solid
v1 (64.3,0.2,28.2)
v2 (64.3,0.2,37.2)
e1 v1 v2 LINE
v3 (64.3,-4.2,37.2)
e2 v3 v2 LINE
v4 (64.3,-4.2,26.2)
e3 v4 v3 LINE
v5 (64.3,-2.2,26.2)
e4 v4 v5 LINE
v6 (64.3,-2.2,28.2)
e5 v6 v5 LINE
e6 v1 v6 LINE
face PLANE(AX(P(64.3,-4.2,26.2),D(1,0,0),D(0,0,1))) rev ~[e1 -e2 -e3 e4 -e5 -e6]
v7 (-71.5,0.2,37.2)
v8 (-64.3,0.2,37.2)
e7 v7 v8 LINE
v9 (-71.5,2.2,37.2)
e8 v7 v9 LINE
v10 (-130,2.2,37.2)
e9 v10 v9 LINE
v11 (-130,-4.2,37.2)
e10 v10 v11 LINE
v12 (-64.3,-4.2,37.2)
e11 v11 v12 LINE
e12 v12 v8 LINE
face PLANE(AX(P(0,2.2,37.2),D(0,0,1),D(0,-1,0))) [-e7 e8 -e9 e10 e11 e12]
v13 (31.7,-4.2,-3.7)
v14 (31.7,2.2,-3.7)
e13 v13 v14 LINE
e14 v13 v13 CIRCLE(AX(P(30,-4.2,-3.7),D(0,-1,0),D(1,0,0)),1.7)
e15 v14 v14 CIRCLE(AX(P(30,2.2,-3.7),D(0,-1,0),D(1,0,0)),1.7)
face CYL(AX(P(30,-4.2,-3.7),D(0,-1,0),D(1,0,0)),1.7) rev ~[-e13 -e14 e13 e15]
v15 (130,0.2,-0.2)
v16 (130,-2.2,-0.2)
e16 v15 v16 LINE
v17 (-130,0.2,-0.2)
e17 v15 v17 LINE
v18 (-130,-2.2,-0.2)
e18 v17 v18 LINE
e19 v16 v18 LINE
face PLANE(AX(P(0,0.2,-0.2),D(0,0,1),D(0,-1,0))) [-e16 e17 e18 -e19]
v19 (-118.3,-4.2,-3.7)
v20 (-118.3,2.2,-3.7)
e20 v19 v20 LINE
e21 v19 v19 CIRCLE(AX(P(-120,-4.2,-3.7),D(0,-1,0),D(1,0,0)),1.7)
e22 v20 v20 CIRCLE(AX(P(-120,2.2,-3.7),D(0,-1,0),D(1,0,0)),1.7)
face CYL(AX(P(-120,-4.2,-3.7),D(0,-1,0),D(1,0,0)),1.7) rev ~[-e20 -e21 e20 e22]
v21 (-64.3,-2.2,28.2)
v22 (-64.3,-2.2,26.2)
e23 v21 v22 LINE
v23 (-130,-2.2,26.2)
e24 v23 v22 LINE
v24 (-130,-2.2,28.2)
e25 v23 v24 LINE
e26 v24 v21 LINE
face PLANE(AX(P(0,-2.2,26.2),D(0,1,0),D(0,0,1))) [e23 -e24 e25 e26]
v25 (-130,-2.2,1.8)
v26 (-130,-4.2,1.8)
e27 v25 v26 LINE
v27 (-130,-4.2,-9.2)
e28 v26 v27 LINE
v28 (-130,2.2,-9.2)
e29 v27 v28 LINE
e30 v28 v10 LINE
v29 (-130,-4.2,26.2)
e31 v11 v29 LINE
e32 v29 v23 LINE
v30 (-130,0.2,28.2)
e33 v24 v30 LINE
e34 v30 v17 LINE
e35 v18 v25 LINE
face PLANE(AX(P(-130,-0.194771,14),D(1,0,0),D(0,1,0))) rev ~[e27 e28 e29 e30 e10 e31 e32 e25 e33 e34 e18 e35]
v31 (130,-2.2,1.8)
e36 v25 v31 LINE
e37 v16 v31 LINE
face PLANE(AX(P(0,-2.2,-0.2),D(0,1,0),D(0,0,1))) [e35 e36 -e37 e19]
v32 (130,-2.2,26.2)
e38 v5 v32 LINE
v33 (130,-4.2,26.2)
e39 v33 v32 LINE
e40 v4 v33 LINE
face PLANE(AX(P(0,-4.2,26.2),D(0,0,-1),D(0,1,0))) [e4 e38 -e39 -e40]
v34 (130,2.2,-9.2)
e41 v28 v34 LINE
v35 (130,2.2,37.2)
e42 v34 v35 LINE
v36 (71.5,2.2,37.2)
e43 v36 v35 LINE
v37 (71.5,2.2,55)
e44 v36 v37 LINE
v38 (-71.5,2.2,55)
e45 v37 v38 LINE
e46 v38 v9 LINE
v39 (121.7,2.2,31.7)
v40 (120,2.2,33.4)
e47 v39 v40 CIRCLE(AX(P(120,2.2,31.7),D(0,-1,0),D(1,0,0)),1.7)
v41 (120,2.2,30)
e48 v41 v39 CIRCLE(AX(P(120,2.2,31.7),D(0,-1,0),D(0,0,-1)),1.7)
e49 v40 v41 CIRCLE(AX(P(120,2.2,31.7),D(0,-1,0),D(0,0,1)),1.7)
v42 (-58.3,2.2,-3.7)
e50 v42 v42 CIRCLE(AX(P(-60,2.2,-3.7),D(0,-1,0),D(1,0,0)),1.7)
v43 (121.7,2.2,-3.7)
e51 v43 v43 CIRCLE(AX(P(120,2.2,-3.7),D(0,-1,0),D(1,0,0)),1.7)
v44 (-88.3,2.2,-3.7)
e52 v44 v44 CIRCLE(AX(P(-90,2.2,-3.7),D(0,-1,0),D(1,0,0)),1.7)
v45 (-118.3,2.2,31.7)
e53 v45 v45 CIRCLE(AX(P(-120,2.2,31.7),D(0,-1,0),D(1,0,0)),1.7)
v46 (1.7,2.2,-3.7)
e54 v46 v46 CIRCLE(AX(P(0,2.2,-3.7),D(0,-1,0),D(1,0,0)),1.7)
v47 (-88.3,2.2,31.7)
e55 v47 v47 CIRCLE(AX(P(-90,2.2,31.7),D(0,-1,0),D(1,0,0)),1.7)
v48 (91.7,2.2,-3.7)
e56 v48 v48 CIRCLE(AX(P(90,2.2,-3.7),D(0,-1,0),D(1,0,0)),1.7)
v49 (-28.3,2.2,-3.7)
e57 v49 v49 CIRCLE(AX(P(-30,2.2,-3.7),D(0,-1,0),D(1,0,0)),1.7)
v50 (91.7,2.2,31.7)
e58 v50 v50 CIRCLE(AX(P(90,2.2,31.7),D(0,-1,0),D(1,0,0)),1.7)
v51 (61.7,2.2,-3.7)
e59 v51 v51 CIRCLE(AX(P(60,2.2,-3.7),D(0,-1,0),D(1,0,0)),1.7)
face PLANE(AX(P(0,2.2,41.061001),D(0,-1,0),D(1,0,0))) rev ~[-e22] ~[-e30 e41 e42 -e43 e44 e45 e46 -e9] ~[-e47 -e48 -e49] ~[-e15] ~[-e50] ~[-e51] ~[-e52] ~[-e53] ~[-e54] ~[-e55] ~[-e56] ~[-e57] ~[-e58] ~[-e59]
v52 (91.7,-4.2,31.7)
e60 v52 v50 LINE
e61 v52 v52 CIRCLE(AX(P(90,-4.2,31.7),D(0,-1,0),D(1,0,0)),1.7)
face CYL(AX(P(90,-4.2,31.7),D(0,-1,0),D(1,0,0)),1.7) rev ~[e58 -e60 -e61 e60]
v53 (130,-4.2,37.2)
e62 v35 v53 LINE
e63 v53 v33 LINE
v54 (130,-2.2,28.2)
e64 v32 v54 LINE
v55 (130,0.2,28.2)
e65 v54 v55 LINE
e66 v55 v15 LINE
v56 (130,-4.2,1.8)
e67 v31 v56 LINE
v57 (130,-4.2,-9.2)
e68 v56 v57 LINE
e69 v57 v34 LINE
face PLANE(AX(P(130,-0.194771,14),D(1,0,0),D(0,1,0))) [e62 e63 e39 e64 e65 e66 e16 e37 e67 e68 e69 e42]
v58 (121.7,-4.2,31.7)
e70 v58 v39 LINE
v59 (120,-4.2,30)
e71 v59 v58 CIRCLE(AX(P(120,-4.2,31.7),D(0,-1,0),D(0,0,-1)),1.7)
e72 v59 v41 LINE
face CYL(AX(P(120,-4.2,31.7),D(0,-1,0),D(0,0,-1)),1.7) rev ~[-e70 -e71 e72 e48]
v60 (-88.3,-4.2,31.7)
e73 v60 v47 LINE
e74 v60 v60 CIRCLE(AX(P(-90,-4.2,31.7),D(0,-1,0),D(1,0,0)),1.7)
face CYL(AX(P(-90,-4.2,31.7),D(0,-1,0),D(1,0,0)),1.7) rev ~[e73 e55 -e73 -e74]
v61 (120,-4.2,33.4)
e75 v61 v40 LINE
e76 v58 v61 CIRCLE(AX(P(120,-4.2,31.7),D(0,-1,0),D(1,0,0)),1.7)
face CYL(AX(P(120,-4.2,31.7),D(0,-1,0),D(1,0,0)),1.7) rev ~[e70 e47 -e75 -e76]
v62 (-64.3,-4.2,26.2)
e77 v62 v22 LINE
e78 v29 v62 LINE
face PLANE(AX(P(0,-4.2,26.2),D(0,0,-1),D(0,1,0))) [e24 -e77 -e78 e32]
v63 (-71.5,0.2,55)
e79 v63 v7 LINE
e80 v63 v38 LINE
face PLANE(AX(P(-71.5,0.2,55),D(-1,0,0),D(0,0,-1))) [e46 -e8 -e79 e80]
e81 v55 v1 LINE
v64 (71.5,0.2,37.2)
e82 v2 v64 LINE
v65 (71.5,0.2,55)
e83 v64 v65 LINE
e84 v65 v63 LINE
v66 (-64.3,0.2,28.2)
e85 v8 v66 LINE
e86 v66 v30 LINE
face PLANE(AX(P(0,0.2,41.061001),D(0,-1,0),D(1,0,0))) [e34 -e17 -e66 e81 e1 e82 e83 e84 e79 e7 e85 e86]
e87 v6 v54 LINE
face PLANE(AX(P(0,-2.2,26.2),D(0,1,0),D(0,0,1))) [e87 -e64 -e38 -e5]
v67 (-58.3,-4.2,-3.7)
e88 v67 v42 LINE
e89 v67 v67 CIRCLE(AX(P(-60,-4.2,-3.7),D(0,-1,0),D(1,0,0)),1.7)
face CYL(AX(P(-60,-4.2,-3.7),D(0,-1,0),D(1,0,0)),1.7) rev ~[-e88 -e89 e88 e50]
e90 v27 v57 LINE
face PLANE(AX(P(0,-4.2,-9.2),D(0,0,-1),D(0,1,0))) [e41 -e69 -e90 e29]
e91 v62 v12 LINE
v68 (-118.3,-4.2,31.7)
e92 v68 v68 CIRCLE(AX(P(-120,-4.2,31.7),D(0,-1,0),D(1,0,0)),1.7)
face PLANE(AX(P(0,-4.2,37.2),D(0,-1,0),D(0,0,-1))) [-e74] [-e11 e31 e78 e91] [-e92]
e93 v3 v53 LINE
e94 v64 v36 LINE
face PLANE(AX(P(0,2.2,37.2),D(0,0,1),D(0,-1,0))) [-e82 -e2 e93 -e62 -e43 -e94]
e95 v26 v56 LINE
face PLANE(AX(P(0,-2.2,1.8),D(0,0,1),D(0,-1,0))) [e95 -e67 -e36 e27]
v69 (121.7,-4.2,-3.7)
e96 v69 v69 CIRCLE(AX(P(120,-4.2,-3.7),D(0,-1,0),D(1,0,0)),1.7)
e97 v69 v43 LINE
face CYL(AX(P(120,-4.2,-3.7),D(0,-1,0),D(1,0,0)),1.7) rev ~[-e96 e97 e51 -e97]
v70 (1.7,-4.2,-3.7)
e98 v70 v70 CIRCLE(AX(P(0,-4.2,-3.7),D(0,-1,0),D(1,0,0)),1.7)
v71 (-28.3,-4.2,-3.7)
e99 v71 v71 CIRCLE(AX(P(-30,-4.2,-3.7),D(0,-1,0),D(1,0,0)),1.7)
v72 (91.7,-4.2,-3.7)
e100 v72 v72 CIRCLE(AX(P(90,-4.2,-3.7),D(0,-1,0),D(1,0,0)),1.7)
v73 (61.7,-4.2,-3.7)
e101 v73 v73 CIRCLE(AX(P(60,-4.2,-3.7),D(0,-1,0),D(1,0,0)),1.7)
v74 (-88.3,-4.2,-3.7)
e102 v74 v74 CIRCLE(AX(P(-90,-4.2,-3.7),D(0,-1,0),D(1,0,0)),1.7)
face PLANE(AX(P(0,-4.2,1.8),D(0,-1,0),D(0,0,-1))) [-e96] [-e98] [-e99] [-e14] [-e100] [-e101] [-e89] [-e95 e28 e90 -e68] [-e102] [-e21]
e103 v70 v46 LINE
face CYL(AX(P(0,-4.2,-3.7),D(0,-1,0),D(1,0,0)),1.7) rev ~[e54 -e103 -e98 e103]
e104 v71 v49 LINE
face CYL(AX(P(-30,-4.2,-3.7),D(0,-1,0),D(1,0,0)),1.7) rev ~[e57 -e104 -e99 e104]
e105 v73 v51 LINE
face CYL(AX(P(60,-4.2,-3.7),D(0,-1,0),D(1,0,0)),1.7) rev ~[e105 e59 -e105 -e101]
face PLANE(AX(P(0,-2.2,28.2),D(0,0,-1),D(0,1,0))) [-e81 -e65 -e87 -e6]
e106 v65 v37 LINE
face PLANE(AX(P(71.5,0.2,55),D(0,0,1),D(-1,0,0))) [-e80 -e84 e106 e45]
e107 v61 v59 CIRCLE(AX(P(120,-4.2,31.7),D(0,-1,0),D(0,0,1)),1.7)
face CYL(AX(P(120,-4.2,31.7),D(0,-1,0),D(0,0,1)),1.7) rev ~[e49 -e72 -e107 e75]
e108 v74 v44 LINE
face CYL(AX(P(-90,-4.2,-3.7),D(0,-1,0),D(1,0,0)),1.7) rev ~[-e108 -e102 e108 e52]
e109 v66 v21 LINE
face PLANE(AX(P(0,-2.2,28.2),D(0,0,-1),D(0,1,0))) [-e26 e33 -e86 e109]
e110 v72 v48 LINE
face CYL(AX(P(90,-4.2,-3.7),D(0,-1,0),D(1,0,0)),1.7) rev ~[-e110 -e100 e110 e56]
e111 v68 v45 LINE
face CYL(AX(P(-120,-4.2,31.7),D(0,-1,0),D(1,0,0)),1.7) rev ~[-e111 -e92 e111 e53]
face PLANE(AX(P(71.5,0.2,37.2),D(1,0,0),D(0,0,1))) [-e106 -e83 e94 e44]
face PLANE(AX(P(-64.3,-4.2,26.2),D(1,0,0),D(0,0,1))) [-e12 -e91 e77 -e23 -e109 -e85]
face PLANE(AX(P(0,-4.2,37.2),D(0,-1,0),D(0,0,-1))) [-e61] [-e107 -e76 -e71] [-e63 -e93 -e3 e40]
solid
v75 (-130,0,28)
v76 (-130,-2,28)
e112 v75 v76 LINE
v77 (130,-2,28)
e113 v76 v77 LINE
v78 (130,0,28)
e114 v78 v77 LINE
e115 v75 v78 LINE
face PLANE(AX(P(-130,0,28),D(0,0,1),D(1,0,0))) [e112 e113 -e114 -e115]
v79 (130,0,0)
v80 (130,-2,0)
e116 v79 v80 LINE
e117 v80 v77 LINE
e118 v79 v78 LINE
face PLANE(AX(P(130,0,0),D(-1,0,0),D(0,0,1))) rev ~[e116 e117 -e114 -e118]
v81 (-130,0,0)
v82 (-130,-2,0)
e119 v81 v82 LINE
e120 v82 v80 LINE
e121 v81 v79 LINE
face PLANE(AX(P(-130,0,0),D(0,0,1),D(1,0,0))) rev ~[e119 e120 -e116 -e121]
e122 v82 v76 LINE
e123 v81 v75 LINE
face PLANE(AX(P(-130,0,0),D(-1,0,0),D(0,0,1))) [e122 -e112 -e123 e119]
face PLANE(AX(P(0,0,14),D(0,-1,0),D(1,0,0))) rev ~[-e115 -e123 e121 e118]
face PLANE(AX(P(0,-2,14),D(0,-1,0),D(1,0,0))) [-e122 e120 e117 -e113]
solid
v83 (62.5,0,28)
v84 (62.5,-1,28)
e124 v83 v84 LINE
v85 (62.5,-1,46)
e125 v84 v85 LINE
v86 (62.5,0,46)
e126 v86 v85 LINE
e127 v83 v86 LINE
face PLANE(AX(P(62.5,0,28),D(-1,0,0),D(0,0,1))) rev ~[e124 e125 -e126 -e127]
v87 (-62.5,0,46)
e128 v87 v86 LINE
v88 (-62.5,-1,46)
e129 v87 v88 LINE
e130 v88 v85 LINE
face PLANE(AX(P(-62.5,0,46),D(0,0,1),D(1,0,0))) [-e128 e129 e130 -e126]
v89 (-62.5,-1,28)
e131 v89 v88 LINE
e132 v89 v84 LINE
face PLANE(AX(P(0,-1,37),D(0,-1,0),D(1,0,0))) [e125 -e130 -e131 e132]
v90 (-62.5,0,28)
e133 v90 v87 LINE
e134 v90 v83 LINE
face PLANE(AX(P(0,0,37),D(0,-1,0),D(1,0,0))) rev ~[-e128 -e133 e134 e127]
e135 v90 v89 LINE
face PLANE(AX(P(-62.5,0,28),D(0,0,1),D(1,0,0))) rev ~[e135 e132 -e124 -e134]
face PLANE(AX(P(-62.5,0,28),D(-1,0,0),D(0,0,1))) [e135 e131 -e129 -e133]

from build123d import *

# Parameters (mm, degrees)
F0_W      = 260
F0_H      = 28
F1_DEPTH  = 2
F2_W      = 125
F2_H      = 18
F3_DEPTH  = 1
F5_DEPTH  = 130
F6_R      = 1.7
F7_DEPTH  = 6.401
F8_W      = 128.6
F8_H      = 21.6
F9_DEPTH  = 6.401
F11_DEPTH = 2


with BuildPart() as f1:
    # F0 (on Front) → F1 (new body)
    with BuildSketch(Plane.XZ):
        with Locations((0, 14)):
            Rectangle(F0_W, F0_H)
    extrude(amount=F1_DEPTH)


with BuildPart() as f3:
    # F2 (on Front) → F3 (new body)
    with BuildSketch(Plane.XZ):
        with Locations((0, 37)):
            Rectangle(F2_W, F2_H)
    extrude(amount=F3_DEPTH)


with BuildPart() as f5:
    # F4 (on Right) → F5 (new body, symmetric)
    with BuildSketch(Plane.YZ):
        Polygon((-2.2, -0.2), (-2.2, 1.8), (-4.2, 1.8), (-4.2, -9.2), (2.2, -9.2), (2.2, 37.2), (-4.2, 37.2), (-4.2, 26.2), (-2.2, 26.2), (-2.2, 28.2), (0.2, 28.2), (0.2, -0.2), align=None)
    extrude(amount=F5_DEPTH, both=True)

    # F6 (on face) → F7 (cut, through all)
    with BuildSketch(Plane.XZ.offset(4.2)):
        with Locations((-120, -3.7)):
            Circle(F6_R)
        with Locations((-120, 31.7)):
            Circle(F6_R)
        with Locations((-90, -3.7)):
            Circle(F6_R)
        with Locations((-90, 31.7)):
            Circle(F6_R)
        with Locations((-60, -3.7)):
            Circle(F6_R)
        with Locations((-60, 31.7)):
            Circle(F6_R)
        with Locations((-30, -3.7)):
            Circle(F6_R)
        with Locations((-30, 31.7)):
            Circle(F6_R)
        with Locations((0, -3.7)):
            Circle(F6_R)
        with Locations((0, 31.7)):
            Circle(F6_R)
        with Locations((30, -3.7)):
            Circle(F6_R)
        with Locations((30, 31.7)):
            Circle(F6_R)
        with Locations((60, -3.7)):
            Circle(F6_R)
        with Locations((60, 31.7)):
            Circle(F6_R)
        with Locations((90, -3.7)):
            Circle(F6_R)
        with Locations((90, 31.7)):
            Circle(F6_R)
        with Locations((120, -3.7)):
            Circle(F6_R)
        with BuildLine():
            ThreePointArc((120, 30), (121.202081528, 30.497918472), (121.7, 31.7))
            ThreePointArc((121.7, 31.7), (121.202081528, 32.902081528), (120, 33.4))
            Line((120, 33.4), (120, 31.7))
            Line((120, 31.7), (120, 30))
        make_face()
        with BuildLine():
            Line((120, 31.7), (120, 33.4))
            ThreePointArc((120, 33.4), (118.3, 31.7), (120, 30))
            Line((120, 30), (120, 31.7))
        make_face()
    extrude(amount=-F7_DEPTH, mode=Mode.SUBTRACT)

    # F8 (on face) → F9 (cut, through all)
    with BuildSketch(Plane.XZ.offset(4.2)):
        with Locations((0, 37)):
            Rectangle(F8_W, F8_H)
    extrude(amount=-F9_DEPTH, mode=Mode.SUBTRACT)

    # F10 (on face) → F11 (join, through all)
    with BuildSketch(Plane.XZ.offset(-0.2)):
        Polygon((-71.5, 55), (-71.5, 37.2), (-64.3, 37.2), (-64.3, 26.2), (64.3, 26.2), (64.3, 37.2), (71.5, 37.2), (71.5, 55), align=None)
    extrude(amount=-F11_DEPTH)


solid = Compound([f1.part, f3.part, f5.part])
